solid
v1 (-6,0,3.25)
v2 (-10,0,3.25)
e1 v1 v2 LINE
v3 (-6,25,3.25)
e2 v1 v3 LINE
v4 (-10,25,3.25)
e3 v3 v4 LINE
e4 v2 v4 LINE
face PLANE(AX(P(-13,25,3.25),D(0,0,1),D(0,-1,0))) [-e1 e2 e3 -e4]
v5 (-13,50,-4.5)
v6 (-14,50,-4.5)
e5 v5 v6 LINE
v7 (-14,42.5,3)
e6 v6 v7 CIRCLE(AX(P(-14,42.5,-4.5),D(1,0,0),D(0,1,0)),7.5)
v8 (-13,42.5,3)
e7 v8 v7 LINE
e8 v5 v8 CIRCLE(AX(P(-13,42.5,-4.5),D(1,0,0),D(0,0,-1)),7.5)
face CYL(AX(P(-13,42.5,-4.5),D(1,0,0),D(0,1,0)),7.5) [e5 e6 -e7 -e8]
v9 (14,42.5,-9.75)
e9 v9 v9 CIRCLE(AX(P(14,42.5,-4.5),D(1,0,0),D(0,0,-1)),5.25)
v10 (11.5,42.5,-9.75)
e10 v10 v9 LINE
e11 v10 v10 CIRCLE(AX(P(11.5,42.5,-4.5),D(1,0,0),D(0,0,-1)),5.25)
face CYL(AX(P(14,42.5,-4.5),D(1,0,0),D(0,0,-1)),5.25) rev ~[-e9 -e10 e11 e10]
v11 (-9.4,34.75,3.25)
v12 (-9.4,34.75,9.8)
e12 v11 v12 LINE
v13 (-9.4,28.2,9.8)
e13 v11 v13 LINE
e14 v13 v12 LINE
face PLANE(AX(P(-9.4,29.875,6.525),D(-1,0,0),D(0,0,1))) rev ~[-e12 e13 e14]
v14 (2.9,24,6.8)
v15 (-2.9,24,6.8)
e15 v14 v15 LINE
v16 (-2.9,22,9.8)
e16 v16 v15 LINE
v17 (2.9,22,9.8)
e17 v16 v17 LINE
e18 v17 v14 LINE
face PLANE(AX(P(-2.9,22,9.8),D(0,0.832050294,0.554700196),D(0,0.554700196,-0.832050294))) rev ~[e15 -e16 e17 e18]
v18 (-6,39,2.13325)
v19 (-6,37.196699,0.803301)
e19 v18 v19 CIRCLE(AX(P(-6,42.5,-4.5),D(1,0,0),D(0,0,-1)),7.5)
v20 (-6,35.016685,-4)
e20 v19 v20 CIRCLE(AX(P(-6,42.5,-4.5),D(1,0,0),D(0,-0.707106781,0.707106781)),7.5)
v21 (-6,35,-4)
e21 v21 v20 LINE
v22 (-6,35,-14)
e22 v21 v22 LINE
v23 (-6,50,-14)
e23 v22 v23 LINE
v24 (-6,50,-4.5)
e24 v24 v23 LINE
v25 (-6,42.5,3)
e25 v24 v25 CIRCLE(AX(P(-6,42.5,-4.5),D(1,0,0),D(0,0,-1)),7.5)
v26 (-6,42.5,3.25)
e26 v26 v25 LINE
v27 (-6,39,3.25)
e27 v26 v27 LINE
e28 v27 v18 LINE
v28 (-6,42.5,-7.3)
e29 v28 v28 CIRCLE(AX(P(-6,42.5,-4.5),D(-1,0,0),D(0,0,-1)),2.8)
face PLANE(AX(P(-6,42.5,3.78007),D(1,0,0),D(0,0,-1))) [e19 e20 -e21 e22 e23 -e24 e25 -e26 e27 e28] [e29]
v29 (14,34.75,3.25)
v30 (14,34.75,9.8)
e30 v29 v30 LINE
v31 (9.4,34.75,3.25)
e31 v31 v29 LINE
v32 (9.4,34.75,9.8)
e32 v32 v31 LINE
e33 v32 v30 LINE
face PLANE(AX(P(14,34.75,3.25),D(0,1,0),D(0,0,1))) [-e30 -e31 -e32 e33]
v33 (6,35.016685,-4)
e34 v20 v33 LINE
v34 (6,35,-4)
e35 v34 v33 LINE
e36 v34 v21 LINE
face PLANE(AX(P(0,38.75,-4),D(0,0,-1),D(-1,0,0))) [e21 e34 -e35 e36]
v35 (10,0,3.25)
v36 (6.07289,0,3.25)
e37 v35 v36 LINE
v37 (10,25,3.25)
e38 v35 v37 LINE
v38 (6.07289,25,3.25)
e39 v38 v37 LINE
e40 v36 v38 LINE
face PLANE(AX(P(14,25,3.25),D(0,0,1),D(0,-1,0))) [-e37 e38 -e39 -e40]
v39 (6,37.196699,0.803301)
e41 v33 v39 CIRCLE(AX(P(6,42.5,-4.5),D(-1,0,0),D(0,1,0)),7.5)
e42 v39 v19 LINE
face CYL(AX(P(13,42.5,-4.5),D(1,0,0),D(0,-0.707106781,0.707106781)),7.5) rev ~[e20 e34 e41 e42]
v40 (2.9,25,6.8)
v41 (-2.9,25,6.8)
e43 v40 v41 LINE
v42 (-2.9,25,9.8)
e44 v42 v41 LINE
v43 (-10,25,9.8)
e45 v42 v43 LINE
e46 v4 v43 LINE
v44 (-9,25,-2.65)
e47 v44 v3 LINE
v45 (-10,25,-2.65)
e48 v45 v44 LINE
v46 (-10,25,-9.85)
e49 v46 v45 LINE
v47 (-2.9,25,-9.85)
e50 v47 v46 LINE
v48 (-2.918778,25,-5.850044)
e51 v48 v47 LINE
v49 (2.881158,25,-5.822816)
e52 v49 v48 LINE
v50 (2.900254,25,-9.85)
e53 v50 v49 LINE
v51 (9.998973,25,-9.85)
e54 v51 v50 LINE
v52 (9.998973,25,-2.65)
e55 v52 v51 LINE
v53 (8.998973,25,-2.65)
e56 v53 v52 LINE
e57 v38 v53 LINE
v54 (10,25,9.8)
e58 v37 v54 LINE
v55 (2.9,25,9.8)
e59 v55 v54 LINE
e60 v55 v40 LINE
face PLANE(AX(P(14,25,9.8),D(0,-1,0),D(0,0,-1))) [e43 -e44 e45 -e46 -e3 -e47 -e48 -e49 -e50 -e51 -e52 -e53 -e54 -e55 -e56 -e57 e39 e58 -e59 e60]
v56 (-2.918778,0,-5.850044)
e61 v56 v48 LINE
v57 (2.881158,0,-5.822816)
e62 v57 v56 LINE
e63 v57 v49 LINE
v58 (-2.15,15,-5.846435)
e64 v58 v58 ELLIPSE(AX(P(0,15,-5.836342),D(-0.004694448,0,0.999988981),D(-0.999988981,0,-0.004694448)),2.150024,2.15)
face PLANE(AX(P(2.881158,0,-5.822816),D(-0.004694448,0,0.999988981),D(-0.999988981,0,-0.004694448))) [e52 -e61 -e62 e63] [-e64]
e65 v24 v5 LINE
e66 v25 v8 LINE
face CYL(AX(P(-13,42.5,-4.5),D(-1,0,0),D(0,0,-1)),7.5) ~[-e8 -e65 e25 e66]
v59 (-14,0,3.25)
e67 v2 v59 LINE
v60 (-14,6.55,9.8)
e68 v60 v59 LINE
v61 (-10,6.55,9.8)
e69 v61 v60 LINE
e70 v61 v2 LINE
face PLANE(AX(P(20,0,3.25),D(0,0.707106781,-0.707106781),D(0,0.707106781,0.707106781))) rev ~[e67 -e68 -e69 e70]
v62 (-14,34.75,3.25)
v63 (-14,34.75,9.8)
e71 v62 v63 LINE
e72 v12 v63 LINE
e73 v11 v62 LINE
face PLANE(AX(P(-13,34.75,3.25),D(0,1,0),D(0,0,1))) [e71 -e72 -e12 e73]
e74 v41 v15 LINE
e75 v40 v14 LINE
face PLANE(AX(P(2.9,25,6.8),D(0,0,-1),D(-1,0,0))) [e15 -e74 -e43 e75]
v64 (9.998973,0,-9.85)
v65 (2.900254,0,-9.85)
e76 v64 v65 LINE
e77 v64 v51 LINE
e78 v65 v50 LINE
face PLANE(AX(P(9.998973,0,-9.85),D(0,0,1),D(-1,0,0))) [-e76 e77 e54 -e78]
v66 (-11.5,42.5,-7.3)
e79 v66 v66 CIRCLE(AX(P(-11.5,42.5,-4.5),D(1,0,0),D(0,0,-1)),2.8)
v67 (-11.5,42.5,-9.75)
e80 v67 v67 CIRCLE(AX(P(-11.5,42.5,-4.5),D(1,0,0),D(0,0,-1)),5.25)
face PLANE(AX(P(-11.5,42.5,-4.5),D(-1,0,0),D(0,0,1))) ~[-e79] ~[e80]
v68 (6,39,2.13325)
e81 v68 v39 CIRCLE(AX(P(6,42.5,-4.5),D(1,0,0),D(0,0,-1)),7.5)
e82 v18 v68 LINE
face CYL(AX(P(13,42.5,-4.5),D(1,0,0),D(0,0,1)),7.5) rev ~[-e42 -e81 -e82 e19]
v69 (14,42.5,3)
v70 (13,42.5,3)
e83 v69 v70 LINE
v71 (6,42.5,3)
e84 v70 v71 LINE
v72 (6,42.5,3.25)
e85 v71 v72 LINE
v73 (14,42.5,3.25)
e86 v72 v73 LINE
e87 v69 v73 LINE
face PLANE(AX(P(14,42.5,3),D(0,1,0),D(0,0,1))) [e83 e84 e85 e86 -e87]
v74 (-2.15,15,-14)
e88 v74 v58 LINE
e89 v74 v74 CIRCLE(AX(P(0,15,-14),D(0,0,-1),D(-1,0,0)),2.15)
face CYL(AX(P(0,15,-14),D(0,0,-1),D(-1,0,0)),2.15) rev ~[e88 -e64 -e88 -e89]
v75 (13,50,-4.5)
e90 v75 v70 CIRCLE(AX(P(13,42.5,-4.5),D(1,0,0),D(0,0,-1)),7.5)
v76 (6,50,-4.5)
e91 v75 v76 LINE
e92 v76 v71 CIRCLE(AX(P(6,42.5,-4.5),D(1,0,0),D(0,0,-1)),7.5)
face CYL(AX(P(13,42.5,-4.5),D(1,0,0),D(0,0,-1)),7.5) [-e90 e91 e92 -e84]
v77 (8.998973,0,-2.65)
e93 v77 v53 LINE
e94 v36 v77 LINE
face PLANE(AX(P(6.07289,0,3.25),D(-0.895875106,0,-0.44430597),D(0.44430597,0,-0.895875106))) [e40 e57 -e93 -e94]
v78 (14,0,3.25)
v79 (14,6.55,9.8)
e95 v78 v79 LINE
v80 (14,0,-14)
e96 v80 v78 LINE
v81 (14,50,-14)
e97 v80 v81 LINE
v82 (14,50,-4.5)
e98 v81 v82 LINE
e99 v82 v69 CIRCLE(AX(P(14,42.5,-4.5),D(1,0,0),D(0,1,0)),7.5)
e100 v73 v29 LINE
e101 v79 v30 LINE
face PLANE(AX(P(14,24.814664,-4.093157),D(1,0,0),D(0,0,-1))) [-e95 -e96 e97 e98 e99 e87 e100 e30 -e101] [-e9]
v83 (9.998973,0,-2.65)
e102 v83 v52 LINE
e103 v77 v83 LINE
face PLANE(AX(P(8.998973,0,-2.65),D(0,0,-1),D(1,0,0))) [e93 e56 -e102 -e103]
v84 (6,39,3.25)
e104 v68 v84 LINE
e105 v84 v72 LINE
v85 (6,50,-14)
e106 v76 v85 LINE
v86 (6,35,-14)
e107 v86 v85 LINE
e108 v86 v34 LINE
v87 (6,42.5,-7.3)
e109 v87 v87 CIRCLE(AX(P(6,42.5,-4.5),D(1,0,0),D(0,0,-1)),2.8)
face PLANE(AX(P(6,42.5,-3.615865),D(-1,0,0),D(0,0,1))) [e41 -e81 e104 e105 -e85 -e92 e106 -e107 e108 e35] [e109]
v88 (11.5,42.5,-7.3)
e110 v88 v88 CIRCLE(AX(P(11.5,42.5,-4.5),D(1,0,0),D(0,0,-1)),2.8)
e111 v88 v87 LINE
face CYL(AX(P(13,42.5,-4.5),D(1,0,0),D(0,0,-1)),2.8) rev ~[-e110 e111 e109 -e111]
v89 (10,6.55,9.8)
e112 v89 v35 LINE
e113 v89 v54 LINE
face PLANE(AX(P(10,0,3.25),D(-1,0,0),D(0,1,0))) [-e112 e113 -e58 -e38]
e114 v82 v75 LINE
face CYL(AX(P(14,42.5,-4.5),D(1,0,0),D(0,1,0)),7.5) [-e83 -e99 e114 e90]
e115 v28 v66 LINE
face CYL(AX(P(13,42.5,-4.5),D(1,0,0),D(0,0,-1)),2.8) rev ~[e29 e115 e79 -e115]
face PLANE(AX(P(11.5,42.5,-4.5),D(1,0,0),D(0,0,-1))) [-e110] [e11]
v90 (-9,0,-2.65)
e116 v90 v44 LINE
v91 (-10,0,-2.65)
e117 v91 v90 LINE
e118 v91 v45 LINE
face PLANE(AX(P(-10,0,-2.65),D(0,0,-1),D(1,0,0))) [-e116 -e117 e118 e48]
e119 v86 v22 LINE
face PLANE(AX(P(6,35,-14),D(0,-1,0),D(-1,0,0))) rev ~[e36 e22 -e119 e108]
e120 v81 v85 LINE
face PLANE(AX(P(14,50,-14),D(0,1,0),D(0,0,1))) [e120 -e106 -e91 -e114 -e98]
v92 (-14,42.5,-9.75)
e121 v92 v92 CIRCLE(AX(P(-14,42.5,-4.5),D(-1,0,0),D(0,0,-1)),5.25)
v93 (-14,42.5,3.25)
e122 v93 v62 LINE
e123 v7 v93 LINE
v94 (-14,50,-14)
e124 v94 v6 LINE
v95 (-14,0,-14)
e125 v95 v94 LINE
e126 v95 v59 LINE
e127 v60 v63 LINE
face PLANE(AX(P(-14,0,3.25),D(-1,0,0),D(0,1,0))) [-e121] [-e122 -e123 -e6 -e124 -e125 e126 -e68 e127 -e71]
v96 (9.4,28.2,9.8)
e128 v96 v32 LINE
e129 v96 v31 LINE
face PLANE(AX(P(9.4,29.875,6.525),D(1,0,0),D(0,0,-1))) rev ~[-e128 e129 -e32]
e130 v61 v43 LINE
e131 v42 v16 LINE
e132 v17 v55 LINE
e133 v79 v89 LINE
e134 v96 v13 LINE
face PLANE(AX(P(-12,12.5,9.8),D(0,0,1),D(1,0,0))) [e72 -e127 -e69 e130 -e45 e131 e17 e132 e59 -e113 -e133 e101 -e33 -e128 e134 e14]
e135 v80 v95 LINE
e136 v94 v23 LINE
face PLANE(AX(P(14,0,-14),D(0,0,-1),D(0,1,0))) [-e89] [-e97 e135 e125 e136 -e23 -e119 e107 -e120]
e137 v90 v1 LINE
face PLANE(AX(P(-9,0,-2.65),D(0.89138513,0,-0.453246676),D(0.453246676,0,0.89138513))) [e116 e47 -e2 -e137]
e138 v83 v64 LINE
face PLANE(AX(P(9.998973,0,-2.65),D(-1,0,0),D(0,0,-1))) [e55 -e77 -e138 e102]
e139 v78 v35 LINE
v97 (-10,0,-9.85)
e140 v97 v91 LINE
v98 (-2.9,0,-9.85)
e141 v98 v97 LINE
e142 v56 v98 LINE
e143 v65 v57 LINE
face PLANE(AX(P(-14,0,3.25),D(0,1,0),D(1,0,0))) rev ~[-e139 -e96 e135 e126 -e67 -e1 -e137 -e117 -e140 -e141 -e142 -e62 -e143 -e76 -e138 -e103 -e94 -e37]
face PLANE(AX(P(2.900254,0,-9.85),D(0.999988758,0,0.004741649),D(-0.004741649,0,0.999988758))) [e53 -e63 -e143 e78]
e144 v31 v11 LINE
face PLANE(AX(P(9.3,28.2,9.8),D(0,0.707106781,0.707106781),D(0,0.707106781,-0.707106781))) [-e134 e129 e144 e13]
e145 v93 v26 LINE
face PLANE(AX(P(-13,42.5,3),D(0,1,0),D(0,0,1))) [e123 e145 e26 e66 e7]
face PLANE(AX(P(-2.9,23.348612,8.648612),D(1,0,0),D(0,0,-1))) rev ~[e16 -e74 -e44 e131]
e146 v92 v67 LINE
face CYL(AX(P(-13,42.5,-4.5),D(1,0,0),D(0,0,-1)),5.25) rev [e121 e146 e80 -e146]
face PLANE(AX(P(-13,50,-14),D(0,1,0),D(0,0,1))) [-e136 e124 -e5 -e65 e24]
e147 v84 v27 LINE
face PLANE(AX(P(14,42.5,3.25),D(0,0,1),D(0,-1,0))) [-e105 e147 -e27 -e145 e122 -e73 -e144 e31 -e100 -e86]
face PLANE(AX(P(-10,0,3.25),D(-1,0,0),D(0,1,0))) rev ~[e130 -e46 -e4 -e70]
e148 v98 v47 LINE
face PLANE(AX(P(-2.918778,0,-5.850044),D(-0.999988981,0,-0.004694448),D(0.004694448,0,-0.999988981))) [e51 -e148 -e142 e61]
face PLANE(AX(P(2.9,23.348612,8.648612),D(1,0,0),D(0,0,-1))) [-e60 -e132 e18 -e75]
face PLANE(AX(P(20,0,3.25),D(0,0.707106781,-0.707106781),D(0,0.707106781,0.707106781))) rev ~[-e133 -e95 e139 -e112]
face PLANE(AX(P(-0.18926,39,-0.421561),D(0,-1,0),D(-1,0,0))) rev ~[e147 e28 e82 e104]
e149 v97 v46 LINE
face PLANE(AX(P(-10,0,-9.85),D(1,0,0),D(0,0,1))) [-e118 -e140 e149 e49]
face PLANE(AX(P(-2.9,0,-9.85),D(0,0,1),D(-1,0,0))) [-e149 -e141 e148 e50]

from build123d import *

# Parameters (mm, degrees)
SKETCH1_W                    = 26
SKETCH1_H                    = 28
BOSS_EXTRUDE1_DEPTH          = 50
CUT_EXTRUDE6_DEPTH           = 25
CUT_EXTRUDE3_DEPTH           = 39
SKETCH14_R                   = 7.5
BOSS_EXTRUDE7_DEPTH          = 7
SKETCH15_R                   = 2.8
CUT_EXTRUDE4_DEPTH           = 28
SKETCH16_R                   = 5.25
CUT_EXTRUDE5_DEPTH           = 1.5
CUT_EXTRUDE7_DEPTH           = 54.525694764
SKETCH19_R                   = 2.15
CUT_EXTRUDE9_DEPTH           = 50
ESQUISSE1_W                  = 12
ESQUISSE1_H                  = 9.5
ENL_V_MAT_EXTRU_1_DEPTH      = 7.5
ESQUISSE3_W                  = 12
ESQUISSE3_H                  = 7.5
ENL_V_MAT_EXTRU_3_DEPTH      = 10
BOSS_EXTRU_1_DEPTH           = 26
ENL_V_MAT_EXTRU_5_DEPTH      = 3.5
ESQUISSE9_W                  = 5.8
ESQUISSE9_H                  = 3
BOSS_EXTRU_3_DEPTH           = 1
BOSS_EXTRU_4_DEPTH           = 5.8
BOSS_EXTRU_5_DEPTH           = 0.1
BOSS_EXTRU_6_DEPTH           = 0.1
ESQUISSE13_W                 = 6.55
ESQUISSE13_H                 = 9.75
BOSS_EXTRU_7_DEPTH           = 3.6
ESQUISSE14_W                 = 6.55
ESQUISSE14_H                 = 9.75
BOSS_EXTRU_8_DEPTH           = 3.6
ESQUISSE16_R                 = 5.25
BOSS_EXTRU_9_DEPTH           = 1
BOSS_EXTRU_10_START          = 1
ESQUISSE17_R                 = 5.25
BOSS_EXTRU_10_DEPTH          = 1
ESQUISSE20_W                 = 4
ESQUISSE20_H                 = 25
BOSS_EXTRU_11_DEPTH          = 6.55
ENL_V_MAT_EXTRU_6_DEPTH      = 34
ENL_V_MAT_EXTRU_6_DEPTH_BACK = 10


with BuildPart() as part:
    # Sketch1 → Boss-Extrude1 (new body)
    with BuildSketch(Plane(origin=(0, 0, 0), x_dir=(1, 0, 0), z_dir=(0, 1, 0))):
        Rectangle(SKETCH1_W, SKETCH1_H)
    extrude(amount=BOSS_EXTRUDE1_DEPTH)

    # Sketch3 → Cut-Extrude6 (cut)
    with BuildSketch(Plane(origin=(0, 0, 0), x_dir=(1, 0, 0), z_dir=(0, 1, 0))):
        Polygon((9.998973293, 2.65), (9.998973293, 9.85), (2.900254006, 9.85), (2.881158298, 5.822816277), (-2.918777792, 5.850044076), (-2.9, 9.85), (-10, 9.85), (-10, 2.65), (-9, 2.65), (-6, -3.25), (-10, -3.25), (-10, -4.35), (-10, -15.089504782), (10.190019105, -15.10204882), (10.123266065, -8.899331206), (10.068921607, -3.849623622), (10.062468516, -3.25), (6.072889948, -3.25), (8.998973293, 2.65), align=None)
    extrude(amount=CUT_EXTRUDE6_DEPTH, mode=Mode.SUBTRACT)

    # Sketch7 → Cut-Extrude3 (cut)
    with BuildSketch(Plane(origin=(13, 0, 0), x_dir=(0, 0, -1), z_dir=(1, 0, 0))):
        with BuildLine():
            Line((4.5, 50), (-14, 50))
            Line((-14, 50), (-14, 24))
            Line((-14, 24), (-0.803300859, 37.196699141))
            ThreePointArc((-0.803300859, 37.196699141), (11.429096494, 39.629874257), (4.5, 50))
        make_face()
    extrude(amount=-CUT_EXTRUDE3_DEPTH, mode=Mode.SUBTRACT)

    # Sketch14 → Boss-Extrude7 (add)
    with BuildSketch(Plane(origin=(13, 0, 0), x_dir=(0, 0, -1), z_dir=(1, 0, 0))):
        with Locations((4.5, 42.5)):
            Circle(SKETCH14_R)
    boss_extrude7 = extrude(amount=-BOSS_EXTRUDE7_DEPTH)

    # Symétrie1: Boss-Extrude7 across plane
    add(boss_extrude7.mirror(Plane(origin=(0, 0, 0), x_dir=(0, 0, 1), z_dir=(1, 0, 0))))

    # Sketch15 → Cut-Extrude4 (cut)
    with BuildSketch(Plane(origin=(13, 0, 0), x_dir=(0, 0, -1), z_dir=(1, 0, 0))):
        with Locations((4.5, 42.5)):
            Circle(SKETCH15_R)
    extrude(amount=-CUT_EXTRUDE4_DEPTH, mode=Mode.SUBTRACT)

    # Sketch16 → Cut-Extrude5 (cut)
    with BuildSketch(Plane(origin=(13, 0, 0), x_dir=(0, 0, -1), z_dir=(1, 0, 0))):
        with Locations((4.5, 42.5)):
            Circle(SKETCH16_R)
    cut_extrude5 = extrude(amount=-CUT_EXTRUDE5_DEPTH, mode=Mode.SUBTRACT)

    # Mirror3: Cut-Extrude5 across plane
    add(cut_extrude5.mirror(Plane(origin=(0, 0, 0), x_dir=(0, 0, 1), z_dir=(1, 0, 0))), mode=Mode.SUBTRACT)

    # Sketch17 → Cut-Extrude7 (cut, through all)
    with BuildSketch(Plane.XZ):
        Polygon((-9.3, 3.25), (-13, 3.25), (-13, 14), (13, 14), (13, 3.25), (9.3, 3.25), (9.3, 9.8), (-9.3, 9.8), align=None)
    extrude(amount=-CUT_EXTRUDE7_DEPTH, mode=Mode.SUBTRACT)

    # Sketch19 → Cut-Extrude9 (cut)
    with BuildSketch(Plane(origin=(0, 0, -14), x_dir=(-1, 0, 0), z_dir=(0, 0, -1))):
        with Locations((0, 15)):
            Circle(SKETCH19_R)
    extrude(amount=-CUT_EXTRUDE9_DEPTH, mode=Mode.SUBTRACT)

    # Esquisse1 → Enlèv. mat.-Extru.1 (cut)
    with BuildSketch(Plane(origin=(0, 50, 0), x_dir=(1, 0, 0), z_dir=(0, 1, 0))):
        with Locations((0, 9.25)):
            Rectangle(ESQUISSE1_W, ESQUISSE1_H)
    extrude(amount=-ENL_V_MAT_EXTRU_1_DEPTH, mode=Mode.SUBTRACT)

    # Esquisse3 → Enlèv. mat.-Extru.3 (cut)
    with BuildSketch(Plane(origin=(0, 0, -14), x_dir=(-1, 0, 0), z_dir=(0, 0, -1))):
        with Locations((0, 38.75)):
            Rectangle(ESQUISSE3_W, ESQUISSE3_H)
    extrude(amount=-ENL_V_MAT_EXTRU_3_DEPTH, mode=Mode.SUBTRACT)

    # Esquisse6 → Boss.-Extru.1 (add)
    with BuildSketch(Plane(origin=(13, 0, 0), x_dir=(0, 0, -1), z_dir=(1, 0, 0))):
        with BuildLine():
            Line((-3.25, 34.75), (-3.25, 42.5))
            Line((-3.25, 42.5), (-3, 42.5))
            ThreePointArc((-3, 42.5), (-2.429096494, 39.629874257), (-0.803300859, 37.196699141))
            Line((-0.803300859, 37.196699141), (-3.25, 34.75))
        make_face()
    extrude(amount=-BOSS_EXTRU_1_DEPTH)

    # Esquisse7 → Enlèv. mat.-Extru.5 (cut)
    with BuildSketch(Plane(origin=(0, 42.5, 0), x_dir=(1, 0, 0), z_dir=(0, 1, 0))):
        Polygon((6, 3.615864876), (6, -7.096354864), (-6, -3.780069791), (-6, 8.456914553), align=None)
    extrude(amount=-ENL_V_MAT_EXTRU_5_DEPTH, mode=Mode.SUBTRACT)

    # Esquisse9 → Boss.-Extru.3 (add)
    with BuildSketch(Plane(origin=(0, 25, 0), x_dir=(-1, 0, 0), z_dir=(0, -1, 0))):
        with Locations((0, -8.3)):
            Rectangle(ESQUISSE9_W, ESQUISSE9_H)
    extrude(amount=BOSS_EXTRU_3_DEPTH)

    # Esquisse10 → Boss.-Extru.4 (add)
    with BuildSketch(Plane.ZY.offset(2.9)):
        Polygon((9.8, 24), (9.8, 22), (6.8, 24), align=None)
    extrude(amount=-BOSS_EXTRU_4_DEPTH)

    # Esquisse11 → Boss.-Extru.5 (add)
    with BuildSketch(Plane.ZY.offset(9.3)):
        Polygon((3.25, 34.75), (9.8, 28.2), (9.8, 25), (3.25, 25), align=None)
    extrude(amount=BOSS_EXTRU_5_DEPTH)

    # Esquisse12 → Boss.-Extru.6 (add)
    with BuildSketch(Plane(origin=(9.3, 0, 0), x_dir=(0, 0, -1), z_dir=(1, 0, 0))):
        Polygon((-9.8, 25), (-9.8, 28.2), (-3.25, 34.75), (-3.25, 25), align=None)
    extrude(amount=BOSS_EXTRU_6_DEPTH)

    # Esquisse13 → Boss.-Extru.7 (add)
    with BuildSketch(Plane(origin=(9.4, 0, 0), x_dir=(0, 0, -1), z_dir=(1, 0, 0))):
        with Locations((-6.525, 29.875)):
            Rectangle(ESQUISSE13_W, ESQUISSE13_H)
    extrude(amount=BOSS_EXTRU_7_DEPTH)

    # Esquisse14 → Boss.-Extru.8 (add)
    with BuildSketch(Plane.ZY.offset(9.4)):
        with Locations((6.525, 29.875)):
            Rectangle(ESQUISSE14_W, ESQUISSE14_H)
    extrude(amount=BOSS_EXTRU_8_DEPTH)

    # Esquisse16 → Boss.-Extru.9 (add)
    with BuildSketch(Plane.ZY.offset(13)):
        with BuildLine():
            Line((3.25, 0), (-14, 0))
            Line((-14, 0), (-14, 50))
            Line((-14, 50), (-4.5, 50))
            ThreePointArc((-4.5, 50), (0.803300859, 47.803300859), (3, 42.5))
            Line((3, 42.5), (3.25, 42.5))
            Line((3.25, 42.5), (3.25, 34.75))
            Line((3.25, 34.75), (9.8, 34.75))
            Line((9.8, 34.75), (9.8, 25))
            Line((9.8, 25), (3.25, 25))
            Line((3.25, 25), (3.25, 0))
        make_face()
        with Locations(Location((-4.5, 42.5, 0), (0, 0, 180))):
            Circle(ESQUISSE16_R, mode=Mode.SUBTRACT)
    extrude(amount=BOSS_EXTRU_9_DEPTH)

    # Esquisse17 → Boss.-Extru.10 (add)
    with BuildSketch(Plane(origin=(13, 0, 0), x_dir=(0, 0, -1), z_dir=(1, 0, 0)).offset(BOSS_EXTRU_10_START)):
        with BuildLine():
            Line((-3, 42.5), (-3.25, 42.5))
            Line((-3.25, 42.5), (-3.25, 34.75))
            Line((-3.25, 34.75), (-9.8, 34.75))
            Line((-9.8, 34.75), (-9.8, 25))
            Line((-9.8, 25), (-3.25, 25))
            Line((-3.25, 25), (-3.25, 0))
            Line((-3.25, 0), (14, 0))
            Line((14, 0), (14, 50))
            Line((14, 50), (4.5, 50))
            ThreePointArc((4.5, 50), (-0.803300859, 47.803300859), (-3, 42.5))
        make_face()
        with Locations((4.5, 42.5)):
            Circle(ESQUISSE17_R, mode=Mode.SUBTRACT)
    extrude(amount=-BOSS_EXTRU_10_DEPTH)

    # Esquisse20 → Boss.-Extru.11 (add)
    with BuildSketch(Plane.XY.offset(3.25)):
        with Locations((-12, 12.5)):
            Rectangle(ESQUISSE20_W, ESQUISSE20_H)
        with Locations((12, 12.5)):
            Rectangle(ESQUISSE20_W, ESQUISSE20_H)
    extrude(amount=BOSS_EXTRU_11_DEPTH)

    # Esquisse22 → Enlèv. mat.-Extru.6 (cut, two sides: drawn at the far end of the back side and taken through both)
    with BuildSketch(Plane.ZY.offset(-10).offset(-ENL_V_MAT_EXTRU_6_DEPTH_BACK)):
        Polygon((3.25, 0), (9.8, 6.55), (13.122553289, -3.826398857), (3.25, -3.616824535), align=None)
    extrude(amount=ENL_V_MAT_EXTRU_6_DEPTH + ENL_V_MAT_EXTRU_6_DEPTH_BACK, mode=Mode.SUBTRACT)


solid = part.part
